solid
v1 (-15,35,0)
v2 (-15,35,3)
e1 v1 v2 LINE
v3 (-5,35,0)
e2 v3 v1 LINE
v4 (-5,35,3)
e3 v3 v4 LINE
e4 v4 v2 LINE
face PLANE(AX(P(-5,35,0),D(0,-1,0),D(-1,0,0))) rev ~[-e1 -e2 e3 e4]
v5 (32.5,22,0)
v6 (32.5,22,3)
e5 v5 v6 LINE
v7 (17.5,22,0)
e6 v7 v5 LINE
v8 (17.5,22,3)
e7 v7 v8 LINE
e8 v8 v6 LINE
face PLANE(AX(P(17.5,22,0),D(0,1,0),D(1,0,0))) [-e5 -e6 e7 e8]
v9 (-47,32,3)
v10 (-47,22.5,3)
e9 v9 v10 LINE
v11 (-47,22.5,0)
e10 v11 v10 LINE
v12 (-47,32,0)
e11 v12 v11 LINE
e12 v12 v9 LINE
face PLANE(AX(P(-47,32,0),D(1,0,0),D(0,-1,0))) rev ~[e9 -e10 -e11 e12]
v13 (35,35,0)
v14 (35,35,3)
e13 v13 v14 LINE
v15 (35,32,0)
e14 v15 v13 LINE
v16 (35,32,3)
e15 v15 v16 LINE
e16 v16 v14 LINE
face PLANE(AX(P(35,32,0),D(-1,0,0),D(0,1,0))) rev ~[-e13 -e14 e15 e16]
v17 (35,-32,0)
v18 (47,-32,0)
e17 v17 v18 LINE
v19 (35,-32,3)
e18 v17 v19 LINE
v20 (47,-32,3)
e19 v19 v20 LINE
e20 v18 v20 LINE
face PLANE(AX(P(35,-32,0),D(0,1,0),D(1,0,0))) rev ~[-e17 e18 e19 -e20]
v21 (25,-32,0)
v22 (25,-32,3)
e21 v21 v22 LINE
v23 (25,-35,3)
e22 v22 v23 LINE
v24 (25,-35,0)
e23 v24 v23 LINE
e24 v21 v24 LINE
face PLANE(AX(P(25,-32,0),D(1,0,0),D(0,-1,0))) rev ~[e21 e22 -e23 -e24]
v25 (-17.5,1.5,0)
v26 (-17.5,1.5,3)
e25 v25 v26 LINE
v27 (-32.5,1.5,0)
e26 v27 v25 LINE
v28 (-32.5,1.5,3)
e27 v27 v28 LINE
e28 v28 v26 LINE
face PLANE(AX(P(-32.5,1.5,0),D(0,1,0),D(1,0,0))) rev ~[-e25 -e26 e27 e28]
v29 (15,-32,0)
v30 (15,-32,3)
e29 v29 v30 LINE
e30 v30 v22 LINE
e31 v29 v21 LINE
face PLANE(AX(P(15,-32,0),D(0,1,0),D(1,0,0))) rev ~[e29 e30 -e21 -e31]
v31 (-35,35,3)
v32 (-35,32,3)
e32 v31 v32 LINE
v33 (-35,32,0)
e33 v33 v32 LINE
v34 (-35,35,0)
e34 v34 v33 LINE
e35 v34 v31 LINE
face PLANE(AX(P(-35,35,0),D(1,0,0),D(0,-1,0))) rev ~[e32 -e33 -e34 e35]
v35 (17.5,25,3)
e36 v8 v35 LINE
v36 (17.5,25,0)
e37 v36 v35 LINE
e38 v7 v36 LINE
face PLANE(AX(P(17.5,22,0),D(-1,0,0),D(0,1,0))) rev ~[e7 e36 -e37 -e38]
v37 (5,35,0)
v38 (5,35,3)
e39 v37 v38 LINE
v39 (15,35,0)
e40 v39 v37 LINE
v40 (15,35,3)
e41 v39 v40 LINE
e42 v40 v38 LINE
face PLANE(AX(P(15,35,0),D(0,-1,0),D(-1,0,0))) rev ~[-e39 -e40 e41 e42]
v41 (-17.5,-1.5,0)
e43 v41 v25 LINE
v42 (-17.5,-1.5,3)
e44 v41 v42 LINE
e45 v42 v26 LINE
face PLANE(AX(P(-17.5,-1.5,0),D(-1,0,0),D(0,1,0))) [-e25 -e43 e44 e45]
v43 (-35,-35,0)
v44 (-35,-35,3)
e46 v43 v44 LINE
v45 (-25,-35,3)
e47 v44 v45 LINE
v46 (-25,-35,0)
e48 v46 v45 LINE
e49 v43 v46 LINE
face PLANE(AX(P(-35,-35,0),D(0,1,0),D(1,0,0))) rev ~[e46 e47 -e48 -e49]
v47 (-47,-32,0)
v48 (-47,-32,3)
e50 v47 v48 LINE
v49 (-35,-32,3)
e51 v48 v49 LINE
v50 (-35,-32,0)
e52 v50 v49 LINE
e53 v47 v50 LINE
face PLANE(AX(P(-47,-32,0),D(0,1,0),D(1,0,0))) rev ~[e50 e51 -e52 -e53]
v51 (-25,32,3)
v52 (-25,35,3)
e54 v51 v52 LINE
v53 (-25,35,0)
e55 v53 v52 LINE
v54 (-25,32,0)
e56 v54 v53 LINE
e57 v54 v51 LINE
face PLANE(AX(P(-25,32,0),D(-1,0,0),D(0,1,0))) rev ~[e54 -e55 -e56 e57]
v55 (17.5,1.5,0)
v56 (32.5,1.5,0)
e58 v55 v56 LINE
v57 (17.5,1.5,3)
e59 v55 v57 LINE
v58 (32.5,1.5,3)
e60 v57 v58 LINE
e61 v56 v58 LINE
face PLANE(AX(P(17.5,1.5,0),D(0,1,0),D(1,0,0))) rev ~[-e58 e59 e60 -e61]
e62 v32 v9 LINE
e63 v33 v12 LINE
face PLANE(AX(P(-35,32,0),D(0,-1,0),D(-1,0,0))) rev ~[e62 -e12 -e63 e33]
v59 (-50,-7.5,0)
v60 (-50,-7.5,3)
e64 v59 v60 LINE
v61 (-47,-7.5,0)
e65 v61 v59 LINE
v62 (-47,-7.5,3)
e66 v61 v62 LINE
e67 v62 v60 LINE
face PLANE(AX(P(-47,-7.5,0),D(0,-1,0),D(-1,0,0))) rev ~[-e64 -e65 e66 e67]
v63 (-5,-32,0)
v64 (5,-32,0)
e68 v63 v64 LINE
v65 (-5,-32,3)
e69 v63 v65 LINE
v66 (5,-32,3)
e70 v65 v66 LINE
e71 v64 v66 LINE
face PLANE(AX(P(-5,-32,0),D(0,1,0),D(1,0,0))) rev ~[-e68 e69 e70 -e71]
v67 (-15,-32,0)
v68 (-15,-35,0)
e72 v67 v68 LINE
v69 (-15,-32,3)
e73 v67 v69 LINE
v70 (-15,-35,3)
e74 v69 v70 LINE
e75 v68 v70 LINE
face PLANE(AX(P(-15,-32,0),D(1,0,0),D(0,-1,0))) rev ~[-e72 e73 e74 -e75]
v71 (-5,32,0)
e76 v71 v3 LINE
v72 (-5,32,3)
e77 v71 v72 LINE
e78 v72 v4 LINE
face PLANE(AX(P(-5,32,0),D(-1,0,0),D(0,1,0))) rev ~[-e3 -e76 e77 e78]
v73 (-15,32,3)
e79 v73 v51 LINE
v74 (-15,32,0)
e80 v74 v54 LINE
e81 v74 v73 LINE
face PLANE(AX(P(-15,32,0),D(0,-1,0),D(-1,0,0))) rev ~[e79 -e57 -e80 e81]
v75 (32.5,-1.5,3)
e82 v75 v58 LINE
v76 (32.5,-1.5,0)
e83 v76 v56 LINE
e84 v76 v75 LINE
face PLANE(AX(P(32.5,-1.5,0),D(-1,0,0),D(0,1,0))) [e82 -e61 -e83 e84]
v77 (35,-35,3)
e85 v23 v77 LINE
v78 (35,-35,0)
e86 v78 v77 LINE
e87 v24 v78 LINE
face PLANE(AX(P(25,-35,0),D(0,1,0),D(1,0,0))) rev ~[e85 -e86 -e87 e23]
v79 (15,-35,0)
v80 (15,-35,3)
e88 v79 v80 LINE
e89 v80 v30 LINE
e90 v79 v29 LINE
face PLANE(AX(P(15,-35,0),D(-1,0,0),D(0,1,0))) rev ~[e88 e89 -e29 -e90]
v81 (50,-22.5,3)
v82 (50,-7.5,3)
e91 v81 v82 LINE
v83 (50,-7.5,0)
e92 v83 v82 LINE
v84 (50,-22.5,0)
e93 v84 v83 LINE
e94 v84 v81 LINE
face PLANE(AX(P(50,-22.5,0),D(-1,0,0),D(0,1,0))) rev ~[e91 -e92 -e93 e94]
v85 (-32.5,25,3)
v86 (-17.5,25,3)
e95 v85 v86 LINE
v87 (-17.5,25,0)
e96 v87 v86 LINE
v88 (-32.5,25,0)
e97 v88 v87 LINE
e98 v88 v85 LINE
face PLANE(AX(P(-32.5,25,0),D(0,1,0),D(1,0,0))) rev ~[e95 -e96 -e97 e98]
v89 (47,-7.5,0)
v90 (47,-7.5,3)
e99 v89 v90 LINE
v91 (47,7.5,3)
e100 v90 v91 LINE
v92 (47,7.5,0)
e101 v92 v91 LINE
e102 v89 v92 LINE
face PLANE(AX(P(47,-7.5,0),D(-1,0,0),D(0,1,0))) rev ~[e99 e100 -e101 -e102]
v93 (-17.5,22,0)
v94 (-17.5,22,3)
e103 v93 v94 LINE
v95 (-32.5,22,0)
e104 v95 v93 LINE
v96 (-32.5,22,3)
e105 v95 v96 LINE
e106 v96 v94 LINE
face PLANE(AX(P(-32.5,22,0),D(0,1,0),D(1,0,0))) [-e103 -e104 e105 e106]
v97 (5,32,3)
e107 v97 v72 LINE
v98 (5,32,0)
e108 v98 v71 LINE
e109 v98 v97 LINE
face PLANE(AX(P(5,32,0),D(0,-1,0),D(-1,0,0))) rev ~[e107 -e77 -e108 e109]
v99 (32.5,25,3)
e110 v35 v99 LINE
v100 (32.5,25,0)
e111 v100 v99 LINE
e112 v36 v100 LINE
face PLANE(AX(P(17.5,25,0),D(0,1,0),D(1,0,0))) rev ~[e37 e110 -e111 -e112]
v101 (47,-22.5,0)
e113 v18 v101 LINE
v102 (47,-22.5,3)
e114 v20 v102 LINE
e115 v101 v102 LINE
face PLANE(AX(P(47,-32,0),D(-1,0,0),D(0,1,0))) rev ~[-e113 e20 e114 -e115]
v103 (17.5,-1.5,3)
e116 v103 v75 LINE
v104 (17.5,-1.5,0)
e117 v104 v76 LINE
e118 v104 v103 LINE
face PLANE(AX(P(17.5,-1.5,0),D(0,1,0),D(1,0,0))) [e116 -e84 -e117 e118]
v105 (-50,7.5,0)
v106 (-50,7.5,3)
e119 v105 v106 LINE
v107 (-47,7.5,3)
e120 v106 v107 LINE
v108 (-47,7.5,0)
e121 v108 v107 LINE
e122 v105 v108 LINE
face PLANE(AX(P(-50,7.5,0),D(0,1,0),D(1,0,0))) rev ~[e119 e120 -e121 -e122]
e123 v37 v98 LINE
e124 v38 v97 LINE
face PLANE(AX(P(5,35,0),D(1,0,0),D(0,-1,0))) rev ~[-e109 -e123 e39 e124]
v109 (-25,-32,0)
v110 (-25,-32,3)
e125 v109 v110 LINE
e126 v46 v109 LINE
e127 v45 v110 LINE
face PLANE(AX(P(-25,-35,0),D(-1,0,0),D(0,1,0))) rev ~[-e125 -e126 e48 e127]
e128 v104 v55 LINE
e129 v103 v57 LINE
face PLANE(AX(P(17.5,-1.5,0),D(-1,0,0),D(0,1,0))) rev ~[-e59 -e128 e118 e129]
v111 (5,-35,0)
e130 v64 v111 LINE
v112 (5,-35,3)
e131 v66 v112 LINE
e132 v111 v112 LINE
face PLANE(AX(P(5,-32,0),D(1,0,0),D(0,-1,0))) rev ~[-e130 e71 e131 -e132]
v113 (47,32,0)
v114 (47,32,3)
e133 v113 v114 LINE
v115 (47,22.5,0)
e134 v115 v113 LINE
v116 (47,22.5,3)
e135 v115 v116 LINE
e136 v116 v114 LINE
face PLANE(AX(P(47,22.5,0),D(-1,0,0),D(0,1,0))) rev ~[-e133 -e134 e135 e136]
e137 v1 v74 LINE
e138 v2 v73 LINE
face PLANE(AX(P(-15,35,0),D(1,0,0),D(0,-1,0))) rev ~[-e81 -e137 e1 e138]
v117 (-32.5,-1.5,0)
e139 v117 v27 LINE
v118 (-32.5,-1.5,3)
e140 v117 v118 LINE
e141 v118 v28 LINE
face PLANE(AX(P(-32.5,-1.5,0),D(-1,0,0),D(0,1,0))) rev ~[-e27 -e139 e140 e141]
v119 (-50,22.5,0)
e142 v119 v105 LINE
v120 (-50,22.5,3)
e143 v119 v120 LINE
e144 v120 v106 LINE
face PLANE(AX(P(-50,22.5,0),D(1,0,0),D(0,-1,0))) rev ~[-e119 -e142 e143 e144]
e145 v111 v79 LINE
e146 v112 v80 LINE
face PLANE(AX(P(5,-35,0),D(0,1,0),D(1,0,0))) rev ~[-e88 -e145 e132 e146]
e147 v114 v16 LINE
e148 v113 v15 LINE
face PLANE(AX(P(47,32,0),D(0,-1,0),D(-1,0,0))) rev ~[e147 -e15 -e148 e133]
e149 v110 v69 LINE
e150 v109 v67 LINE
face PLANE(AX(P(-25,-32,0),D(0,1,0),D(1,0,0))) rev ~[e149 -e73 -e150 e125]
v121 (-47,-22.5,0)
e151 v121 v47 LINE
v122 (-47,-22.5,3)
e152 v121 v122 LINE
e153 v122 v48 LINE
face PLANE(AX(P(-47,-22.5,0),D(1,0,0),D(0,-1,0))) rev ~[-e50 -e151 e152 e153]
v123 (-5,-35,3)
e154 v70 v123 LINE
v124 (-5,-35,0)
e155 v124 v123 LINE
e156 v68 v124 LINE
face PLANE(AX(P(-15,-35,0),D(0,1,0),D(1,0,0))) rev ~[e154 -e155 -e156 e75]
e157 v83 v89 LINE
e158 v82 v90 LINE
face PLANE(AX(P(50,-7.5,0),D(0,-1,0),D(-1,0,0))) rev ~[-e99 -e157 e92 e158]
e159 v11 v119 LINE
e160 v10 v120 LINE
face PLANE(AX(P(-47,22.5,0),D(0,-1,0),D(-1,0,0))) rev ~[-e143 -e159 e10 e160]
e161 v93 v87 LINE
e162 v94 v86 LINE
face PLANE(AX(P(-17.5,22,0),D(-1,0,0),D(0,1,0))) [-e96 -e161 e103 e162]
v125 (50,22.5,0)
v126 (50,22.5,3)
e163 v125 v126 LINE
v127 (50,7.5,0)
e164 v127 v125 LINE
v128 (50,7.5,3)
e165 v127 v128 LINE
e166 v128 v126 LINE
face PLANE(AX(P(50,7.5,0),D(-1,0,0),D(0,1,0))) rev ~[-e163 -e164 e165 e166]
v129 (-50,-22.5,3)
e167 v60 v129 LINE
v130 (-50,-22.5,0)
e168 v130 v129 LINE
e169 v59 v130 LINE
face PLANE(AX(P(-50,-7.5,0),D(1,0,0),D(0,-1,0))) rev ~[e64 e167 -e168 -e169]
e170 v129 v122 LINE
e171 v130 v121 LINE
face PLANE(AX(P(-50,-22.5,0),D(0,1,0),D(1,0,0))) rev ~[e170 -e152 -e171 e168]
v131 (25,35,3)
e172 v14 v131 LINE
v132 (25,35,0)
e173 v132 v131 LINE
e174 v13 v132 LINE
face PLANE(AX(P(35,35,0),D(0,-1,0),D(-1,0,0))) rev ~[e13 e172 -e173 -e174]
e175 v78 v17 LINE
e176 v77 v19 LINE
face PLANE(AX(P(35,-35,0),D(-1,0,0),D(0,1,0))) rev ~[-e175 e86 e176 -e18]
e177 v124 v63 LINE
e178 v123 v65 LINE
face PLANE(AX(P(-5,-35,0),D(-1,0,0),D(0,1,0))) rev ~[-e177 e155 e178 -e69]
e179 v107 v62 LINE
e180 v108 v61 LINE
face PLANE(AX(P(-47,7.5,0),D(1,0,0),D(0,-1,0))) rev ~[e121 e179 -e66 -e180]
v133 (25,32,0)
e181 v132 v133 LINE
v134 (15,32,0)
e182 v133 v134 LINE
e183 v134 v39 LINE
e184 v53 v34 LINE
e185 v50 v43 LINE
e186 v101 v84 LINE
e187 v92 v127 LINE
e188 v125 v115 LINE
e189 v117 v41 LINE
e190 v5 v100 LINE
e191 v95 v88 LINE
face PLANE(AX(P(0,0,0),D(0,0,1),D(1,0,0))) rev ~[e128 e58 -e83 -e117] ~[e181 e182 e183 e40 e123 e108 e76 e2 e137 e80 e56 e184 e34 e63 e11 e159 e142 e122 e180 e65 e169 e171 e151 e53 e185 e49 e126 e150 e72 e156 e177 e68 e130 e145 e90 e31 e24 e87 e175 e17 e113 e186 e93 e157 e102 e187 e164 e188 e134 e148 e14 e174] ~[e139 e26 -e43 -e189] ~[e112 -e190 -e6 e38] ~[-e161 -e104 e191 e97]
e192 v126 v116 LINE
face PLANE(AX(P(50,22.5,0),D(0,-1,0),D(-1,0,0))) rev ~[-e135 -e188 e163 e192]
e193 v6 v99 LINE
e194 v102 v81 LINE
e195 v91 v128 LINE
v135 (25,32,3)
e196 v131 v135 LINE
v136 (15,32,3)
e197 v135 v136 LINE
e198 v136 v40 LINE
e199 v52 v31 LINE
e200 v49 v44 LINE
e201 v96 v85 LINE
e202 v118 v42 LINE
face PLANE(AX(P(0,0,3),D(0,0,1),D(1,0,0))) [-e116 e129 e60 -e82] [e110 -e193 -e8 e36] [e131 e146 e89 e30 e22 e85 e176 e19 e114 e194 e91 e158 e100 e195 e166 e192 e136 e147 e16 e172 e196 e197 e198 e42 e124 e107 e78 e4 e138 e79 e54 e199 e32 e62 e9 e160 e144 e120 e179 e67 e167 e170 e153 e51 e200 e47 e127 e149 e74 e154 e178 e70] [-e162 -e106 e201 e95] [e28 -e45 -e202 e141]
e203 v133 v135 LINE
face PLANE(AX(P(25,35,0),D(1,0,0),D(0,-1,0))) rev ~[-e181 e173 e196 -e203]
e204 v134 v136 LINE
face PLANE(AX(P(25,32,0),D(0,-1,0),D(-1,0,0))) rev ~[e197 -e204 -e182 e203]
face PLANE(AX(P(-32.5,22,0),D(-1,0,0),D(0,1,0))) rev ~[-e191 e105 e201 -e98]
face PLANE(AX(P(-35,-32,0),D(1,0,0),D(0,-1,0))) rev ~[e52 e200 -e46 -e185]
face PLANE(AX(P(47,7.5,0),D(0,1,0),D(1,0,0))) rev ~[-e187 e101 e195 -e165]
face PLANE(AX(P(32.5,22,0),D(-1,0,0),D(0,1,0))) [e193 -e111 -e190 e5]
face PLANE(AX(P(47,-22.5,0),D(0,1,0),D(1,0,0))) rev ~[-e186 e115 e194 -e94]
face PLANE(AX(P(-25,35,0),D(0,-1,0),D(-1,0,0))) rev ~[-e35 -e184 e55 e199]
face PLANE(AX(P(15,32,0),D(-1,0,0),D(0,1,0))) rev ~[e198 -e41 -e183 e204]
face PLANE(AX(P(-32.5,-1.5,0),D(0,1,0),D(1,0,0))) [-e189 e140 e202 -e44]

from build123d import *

# Parameters (mm, degrees)
F0_W     = 15
F0_H     = 3
F1_DEPTH = 3


with BuildPart() as f1:
    # F0 (on Top) → F1 (new body)
    with BuildSketch(Plane.XY):
        Polygon((-35, 32), (-47, 32), (-47, 22.5), (-50, 22.5), (-50, 7.5), (-47, 7.5), (-47, -7.5), (-50, -7.5), (-50, -22.5), (-47, -22.5), (-47, -32), (-35, -32), (-35, -35), (-25, -35), (-25, -32), (-15, -32), (-15, -35), (-5, -35), (-5, -32), (5, -32), (5, -35), (15, -35), (15, -32), (25, -32), (25, -35), (35, -35), (35, -32), (47, -32), (47, -22.5), (50, -22.5), (50, -7.5), (47, -7.5), (47, 7.5), (50, 7.5), (50, 22.5), (47, 22.5), (47, 32), (35, 32), (35, 35), (25, 35), (25, 32), (15, 32), (15, 35), (5, 35), (5, 32), (-5, 32), (-5, 35), (-15, 35), (-15, 32), (-25, 32), (-25, 35), (-35, 35), align=None)
        with Locations((-25, 0)):
            Rectangle(F0_W, F0_H, mode=Mode.SUBTRACT)
        with Locations((-25, 23.5)):
            Rectangle(F0_W, F0_H, mode=Mode.SUBTRACT)
        with Locations((25, 0)):
            Rectangle(F0_W, F0_H, mode=Mode.SUBTRACT)
        with Locations((25, 23.5)):
            Rectangle(F0_W, F0_H, mode=Mode.SUBTRACT)
    extrude(amount=F1_DEPTH)


solid = f1.part
